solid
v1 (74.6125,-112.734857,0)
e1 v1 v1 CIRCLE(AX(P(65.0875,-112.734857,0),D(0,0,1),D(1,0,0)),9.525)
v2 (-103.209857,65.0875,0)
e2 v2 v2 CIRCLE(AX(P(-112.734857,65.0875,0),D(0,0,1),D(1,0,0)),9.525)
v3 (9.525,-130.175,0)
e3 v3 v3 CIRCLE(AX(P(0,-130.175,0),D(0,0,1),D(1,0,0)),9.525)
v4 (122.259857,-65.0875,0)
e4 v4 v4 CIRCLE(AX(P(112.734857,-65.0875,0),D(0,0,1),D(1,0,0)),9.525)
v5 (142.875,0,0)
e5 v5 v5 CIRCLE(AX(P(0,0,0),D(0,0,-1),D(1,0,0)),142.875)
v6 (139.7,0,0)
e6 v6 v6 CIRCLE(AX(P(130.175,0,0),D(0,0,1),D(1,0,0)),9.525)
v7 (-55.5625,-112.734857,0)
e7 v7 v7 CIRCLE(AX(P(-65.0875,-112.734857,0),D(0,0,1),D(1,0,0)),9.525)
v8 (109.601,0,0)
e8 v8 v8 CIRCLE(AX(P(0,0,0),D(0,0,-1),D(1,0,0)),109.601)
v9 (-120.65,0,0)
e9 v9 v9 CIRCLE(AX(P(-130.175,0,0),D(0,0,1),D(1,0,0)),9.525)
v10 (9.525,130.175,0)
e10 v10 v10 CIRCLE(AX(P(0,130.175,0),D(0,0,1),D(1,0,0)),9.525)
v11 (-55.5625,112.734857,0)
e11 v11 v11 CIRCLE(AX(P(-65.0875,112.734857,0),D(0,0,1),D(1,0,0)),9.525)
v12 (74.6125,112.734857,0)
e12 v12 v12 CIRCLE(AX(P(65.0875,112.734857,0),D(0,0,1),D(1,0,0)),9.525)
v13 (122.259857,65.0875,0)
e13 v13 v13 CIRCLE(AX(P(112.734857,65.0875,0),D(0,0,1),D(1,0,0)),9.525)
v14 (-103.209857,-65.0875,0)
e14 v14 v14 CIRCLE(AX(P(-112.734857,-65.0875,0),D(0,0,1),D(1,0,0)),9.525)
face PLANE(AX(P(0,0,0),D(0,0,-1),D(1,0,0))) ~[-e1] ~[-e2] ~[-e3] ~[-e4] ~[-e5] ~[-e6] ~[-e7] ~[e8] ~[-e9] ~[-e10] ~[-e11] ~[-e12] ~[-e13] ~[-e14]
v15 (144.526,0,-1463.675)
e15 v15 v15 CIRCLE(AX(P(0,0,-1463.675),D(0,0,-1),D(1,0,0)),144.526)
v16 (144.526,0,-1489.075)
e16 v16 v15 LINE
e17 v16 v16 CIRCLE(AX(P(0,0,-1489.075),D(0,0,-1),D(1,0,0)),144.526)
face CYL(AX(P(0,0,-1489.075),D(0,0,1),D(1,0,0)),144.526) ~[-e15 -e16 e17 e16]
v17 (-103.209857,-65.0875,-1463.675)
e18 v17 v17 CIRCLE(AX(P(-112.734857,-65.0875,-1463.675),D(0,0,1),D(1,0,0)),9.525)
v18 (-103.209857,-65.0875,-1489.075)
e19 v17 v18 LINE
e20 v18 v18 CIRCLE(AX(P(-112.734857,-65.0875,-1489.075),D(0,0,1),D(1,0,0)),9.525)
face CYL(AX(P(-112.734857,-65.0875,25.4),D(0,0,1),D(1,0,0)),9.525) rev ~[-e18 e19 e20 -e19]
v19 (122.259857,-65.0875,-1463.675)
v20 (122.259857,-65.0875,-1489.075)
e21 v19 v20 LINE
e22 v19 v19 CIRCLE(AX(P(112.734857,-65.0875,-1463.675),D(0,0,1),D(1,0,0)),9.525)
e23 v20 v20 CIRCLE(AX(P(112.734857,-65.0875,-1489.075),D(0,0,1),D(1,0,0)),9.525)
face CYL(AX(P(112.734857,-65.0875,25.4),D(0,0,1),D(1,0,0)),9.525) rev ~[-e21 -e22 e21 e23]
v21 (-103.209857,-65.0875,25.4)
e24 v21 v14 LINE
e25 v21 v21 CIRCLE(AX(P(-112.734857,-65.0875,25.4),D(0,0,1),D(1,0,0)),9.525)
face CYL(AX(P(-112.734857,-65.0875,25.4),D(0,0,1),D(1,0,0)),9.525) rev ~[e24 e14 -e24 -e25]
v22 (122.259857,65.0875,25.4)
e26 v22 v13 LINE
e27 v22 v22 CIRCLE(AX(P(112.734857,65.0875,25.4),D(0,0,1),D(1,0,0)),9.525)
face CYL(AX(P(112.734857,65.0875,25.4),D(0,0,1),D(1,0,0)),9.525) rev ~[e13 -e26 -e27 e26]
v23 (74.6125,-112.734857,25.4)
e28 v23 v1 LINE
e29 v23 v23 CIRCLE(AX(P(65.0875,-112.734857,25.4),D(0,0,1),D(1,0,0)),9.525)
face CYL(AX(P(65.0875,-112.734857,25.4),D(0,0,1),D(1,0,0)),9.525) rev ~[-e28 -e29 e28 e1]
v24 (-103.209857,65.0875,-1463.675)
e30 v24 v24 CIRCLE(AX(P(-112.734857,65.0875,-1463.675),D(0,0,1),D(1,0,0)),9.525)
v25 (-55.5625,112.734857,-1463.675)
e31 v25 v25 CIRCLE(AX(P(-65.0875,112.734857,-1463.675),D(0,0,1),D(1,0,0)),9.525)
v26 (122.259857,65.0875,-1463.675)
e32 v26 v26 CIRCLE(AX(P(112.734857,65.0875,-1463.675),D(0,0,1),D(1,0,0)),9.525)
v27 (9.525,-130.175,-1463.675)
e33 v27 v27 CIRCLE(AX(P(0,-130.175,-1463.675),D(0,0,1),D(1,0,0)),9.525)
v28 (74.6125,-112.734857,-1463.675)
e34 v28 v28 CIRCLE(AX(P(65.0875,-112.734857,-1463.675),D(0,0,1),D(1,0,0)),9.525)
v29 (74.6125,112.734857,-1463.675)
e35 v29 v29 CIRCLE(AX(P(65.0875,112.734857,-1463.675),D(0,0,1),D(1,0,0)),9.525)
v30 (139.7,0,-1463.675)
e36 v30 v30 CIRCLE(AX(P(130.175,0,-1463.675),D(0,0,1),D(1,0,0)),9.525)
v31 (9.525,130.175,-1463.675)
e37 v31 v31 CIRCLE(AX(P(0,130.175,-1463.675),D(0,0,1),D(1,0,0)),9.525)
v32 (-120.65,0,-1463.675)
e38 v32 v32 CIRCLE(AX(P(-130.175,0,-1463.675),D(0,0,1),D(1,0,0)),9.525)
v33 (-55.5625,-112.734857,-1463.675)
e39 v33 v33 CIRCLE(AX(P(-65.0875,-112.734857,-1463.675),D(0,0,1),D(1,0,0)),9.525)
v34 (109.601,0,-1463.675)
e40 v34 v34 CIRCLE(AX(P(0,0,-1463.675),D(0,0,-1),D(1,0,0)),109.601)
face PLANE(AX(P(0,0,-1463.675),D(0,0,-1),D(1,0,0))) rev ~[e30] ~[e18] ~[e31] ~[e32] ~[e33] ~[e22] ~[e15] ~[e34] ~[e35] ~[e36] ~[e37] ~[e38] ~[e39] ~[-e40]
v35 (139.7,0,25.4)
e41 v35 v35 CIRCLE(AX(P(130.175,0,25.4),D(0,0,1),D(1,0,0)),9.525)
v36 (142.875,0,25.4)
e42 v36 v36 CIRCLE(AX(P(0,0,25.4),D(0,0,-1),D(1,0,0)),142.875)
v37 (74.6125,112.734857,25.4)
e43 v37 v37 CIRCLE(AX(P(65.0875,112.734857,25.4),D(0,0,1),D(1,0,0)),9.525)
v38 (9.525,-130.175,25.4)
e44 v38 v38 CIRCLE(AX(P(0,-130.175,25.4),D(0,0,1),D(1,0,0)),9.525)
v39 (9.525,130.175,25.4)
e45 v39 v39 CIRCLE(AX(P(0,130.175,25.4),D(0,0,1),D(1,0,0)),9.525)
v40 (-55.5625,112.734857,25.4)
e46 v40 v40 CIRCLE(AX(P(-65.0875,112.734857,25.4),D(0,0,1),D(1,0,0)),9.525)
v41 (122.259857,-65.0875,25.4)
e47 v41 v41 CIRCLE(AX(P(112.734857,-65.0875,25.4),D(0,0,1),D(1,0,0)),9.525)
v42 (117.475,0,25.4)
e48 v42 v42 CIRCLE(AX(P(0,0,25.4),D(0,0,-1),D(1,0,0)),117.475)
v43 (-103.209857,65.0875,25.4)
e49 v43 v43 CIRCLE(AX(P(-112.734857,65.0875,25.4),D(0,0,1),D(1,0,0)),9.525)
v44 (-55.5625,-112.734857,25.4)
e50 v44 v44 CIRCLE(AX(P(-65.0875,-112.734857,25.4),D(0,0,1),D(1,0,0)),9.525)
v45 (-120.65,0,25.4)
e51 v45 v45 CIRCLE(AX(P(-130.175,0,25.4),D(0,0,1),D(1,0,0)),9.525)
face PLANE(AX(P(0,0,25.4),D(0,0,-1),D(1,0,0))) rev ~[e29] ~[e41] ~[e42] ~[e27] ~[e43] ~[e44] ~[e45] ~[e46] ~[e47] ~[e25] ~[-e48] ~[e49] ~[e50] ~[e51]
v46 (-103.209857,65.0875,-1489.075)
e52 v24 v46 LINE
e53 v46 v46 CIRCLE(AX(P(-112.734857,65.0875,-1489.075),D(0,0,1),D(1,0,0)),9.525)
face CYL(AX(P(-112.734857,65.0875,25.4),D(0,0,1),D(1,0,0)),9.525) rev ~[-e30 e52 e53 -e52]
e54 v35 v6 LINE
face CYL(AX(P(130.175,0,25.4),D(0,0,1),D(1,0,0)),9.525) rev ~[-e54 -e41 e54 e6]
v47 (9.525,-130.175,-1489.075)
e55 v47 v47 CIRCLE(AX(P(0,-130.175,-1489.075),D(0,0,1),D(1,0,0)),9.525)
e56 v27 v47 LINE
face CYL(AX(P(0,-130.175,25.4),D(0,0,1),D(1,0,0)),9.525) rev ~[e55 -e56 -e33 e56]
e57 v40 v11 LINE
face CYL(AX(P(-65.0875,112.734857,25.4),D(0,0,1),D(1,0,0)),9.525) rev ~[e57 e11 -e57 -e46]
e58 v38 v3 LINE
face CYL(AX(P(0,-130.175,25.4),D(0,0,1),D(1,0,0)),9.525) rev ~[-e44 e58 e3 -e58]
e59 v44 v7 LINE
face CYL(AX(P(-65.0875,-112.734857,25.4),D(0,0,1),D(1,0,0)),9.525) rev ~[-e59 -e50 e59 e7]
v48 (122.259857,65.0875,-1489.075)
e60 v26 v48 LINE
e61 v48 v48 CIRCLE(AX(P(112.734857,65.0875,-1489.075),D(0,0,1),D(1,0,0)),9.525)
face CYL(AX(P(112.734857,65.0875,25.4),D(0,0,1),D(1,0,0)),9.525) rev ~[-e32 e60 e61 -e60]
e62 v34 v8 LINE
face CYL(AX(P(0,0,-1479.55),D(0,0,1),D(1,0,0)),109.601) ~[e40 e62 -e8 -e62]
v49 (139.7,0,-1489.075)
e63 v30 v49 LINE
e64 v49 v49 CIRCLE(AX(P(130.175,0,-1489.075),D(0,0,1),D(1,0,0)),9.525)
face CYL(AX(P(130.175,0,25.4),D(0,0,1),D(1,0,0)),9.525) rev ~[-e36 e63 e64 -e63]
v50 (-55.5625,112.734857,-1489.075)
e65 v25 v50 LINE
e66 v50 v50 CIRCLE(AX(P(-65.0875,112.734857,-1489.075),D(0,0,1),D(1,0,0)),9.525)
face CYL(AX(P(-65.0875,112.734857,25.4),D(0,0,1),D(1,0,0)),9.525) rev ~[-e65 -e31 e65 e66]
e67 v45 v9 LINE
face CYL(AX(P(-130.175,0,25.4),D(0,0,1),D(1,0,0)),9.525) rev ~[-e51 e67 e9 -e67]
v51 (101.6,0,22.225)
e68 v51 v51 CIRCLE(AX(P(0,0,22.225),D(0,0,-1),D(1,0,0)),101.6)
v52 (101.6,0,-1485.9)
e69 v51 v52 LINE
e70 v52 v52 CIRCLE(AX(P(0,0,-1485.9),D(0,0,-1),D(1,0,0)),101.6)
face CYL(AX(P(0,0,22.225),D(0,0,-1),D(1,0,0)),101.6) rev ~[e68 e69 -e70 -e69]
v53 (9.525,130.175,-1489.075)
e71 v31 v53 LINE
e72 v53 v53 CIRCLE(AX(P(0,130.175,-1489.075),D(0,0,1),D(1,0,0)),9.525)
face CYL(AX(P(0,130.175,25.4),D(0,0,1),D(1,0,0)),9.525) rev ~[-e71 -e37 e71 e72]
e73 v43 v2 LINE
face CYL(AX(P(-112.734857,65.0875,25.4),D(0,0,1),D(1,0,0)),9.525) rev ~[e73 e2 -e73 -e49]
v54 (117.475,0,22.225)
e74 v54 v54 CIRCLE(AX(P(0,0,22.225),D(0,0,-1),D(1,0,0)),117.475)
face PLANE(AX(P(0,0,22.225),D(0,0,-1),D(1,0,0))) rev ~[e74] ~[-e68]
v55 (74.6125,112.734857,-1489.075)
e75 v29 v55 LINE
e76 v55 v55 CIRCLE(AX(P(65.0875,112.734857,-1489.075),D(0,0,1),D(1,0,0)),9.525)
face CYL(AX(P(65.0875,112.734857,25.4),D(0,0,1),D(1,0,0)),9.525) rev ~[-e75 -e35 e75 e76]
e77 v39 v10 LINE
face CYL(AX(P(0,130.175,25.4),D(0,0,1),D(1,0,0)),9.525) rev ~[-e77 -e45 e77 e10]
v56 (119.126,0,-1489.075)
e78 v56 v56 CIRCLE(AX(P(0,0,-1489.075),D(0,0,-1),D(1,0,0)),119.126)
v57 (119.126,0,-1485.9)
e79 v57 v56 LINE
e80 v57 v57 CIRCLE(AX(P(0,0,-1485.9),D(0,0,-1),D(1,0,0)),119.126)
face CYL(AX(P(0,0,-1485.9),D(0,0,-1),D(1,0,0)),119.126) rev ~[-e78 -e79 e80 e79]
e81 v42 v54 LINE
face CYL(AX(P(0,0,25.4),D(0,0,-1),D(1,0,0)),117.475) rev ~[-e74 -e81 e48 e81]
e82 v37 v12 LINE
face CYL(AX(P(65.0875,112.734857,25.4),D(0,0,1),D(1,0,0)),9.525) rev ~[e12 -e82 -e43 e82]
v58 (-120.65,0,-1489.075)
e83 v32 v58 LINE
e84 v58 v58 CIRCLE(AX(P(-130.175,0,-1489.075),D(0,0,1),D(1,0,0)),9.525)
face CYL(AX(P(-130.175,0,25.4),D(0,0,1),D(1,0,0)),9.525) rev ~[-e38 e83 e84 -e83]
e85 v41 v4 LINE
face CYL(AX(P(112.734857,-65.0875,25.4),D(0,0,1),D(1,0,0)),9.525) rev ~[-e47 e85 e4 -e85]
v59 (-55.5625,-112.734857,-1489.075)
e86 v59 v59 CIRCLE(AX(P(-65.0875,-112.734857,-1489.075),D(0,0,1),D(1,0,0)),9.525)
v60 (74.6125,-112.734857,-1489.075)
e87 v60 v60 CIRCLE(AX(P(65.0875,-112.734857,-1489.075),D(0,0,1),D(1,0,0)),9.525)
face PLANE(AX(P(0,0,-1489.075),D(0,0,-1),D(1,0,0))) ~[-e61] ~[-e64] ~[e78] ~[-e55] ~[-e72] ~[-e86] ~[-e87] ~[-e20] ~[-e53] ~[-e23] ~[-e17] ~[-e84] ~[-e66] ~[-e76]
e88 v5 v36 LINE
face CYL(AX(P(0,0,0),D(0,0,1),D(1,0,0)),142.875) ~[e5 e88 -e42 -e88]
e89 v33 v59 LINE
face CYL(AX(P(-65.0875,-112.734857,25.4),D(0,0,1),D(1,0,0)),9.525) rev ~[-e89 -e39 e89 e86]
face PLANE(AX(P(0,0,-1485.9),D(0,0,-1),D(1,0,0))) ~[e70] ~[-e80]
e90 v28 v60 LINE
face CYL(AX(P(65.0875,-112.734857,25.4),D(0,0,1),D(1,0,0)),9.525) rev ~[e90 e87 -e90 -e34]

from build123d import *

# Parameters (mm, degrees)
F2_R     = 9.525
F3_DEPTH = 1514.476


with BuildPart() as f1:
    # F0 (on Front) → F1 (revolve)
    with BuildSketch(Plane.XZ):
        Polygon((109.601, 15.875), (109.601, 0), (142.875, 0), (142.875, 25.4), (117.475, 25.4), (117.475, 22.225), (101.6, 22.225), (101.6, 15.875), align=None)
        Polygon((109.601, -1463.675), (109.601, 0), (109.601, 15.875), (101.6, 15.875), (101.6, -1479.55), (109.601, -1479.55), align=None)
        Polygon((144.526, -1463.675), (109.601, -1463.675), (109.601, -1479.55), (101.6, -1479.55), (101.6, -1485.9), (119.126, -1485.9), (119.126, -1489.075), (144.526, -1489.075), align=None)
    revolve(axis=Axis((0, 0, 9.743357), (0, 0, -1)))

    # F2 (on face) → F3 (cut, through all)
    with BuildSketch(Plane.XY.offset(25.4)):
        with Locations((130.175, 0)):
            Circle(F2_R)
        with Locations((112.734857, 65.0875)):
            Circle(F2_R)
        with Locations((65.0875, 112.734857)):
            Circle(F2_R)
        with Locations((0, 130.175)):
            Circle(F2_R)
        with Locations((-65.0875, 112.734857)):
            Circle(F2_R)
        with Locations((-112.734857, 65.0875)):
            Circle(F2_R)
        with Locations((-130.175, 0)):
            Circle(F2_R)
        with Locations((-112.734857, -65.0875)):
            Circle(F2_R)
        with Locations((-65.0875, -112.734857)):
            Circle(F2_R)
        with Locations((0, -130.175)):
            Circle(F2_R)
        with Locations((65.0875, -112.734857)):
            Circle(F2_R)
        with Locations((112.734857, -65.0875)):
            Circle(F2_R)
    extrude(amount=-F3_DEPTH, mode=Mode.SUBTRACT)


solid = f1.part
